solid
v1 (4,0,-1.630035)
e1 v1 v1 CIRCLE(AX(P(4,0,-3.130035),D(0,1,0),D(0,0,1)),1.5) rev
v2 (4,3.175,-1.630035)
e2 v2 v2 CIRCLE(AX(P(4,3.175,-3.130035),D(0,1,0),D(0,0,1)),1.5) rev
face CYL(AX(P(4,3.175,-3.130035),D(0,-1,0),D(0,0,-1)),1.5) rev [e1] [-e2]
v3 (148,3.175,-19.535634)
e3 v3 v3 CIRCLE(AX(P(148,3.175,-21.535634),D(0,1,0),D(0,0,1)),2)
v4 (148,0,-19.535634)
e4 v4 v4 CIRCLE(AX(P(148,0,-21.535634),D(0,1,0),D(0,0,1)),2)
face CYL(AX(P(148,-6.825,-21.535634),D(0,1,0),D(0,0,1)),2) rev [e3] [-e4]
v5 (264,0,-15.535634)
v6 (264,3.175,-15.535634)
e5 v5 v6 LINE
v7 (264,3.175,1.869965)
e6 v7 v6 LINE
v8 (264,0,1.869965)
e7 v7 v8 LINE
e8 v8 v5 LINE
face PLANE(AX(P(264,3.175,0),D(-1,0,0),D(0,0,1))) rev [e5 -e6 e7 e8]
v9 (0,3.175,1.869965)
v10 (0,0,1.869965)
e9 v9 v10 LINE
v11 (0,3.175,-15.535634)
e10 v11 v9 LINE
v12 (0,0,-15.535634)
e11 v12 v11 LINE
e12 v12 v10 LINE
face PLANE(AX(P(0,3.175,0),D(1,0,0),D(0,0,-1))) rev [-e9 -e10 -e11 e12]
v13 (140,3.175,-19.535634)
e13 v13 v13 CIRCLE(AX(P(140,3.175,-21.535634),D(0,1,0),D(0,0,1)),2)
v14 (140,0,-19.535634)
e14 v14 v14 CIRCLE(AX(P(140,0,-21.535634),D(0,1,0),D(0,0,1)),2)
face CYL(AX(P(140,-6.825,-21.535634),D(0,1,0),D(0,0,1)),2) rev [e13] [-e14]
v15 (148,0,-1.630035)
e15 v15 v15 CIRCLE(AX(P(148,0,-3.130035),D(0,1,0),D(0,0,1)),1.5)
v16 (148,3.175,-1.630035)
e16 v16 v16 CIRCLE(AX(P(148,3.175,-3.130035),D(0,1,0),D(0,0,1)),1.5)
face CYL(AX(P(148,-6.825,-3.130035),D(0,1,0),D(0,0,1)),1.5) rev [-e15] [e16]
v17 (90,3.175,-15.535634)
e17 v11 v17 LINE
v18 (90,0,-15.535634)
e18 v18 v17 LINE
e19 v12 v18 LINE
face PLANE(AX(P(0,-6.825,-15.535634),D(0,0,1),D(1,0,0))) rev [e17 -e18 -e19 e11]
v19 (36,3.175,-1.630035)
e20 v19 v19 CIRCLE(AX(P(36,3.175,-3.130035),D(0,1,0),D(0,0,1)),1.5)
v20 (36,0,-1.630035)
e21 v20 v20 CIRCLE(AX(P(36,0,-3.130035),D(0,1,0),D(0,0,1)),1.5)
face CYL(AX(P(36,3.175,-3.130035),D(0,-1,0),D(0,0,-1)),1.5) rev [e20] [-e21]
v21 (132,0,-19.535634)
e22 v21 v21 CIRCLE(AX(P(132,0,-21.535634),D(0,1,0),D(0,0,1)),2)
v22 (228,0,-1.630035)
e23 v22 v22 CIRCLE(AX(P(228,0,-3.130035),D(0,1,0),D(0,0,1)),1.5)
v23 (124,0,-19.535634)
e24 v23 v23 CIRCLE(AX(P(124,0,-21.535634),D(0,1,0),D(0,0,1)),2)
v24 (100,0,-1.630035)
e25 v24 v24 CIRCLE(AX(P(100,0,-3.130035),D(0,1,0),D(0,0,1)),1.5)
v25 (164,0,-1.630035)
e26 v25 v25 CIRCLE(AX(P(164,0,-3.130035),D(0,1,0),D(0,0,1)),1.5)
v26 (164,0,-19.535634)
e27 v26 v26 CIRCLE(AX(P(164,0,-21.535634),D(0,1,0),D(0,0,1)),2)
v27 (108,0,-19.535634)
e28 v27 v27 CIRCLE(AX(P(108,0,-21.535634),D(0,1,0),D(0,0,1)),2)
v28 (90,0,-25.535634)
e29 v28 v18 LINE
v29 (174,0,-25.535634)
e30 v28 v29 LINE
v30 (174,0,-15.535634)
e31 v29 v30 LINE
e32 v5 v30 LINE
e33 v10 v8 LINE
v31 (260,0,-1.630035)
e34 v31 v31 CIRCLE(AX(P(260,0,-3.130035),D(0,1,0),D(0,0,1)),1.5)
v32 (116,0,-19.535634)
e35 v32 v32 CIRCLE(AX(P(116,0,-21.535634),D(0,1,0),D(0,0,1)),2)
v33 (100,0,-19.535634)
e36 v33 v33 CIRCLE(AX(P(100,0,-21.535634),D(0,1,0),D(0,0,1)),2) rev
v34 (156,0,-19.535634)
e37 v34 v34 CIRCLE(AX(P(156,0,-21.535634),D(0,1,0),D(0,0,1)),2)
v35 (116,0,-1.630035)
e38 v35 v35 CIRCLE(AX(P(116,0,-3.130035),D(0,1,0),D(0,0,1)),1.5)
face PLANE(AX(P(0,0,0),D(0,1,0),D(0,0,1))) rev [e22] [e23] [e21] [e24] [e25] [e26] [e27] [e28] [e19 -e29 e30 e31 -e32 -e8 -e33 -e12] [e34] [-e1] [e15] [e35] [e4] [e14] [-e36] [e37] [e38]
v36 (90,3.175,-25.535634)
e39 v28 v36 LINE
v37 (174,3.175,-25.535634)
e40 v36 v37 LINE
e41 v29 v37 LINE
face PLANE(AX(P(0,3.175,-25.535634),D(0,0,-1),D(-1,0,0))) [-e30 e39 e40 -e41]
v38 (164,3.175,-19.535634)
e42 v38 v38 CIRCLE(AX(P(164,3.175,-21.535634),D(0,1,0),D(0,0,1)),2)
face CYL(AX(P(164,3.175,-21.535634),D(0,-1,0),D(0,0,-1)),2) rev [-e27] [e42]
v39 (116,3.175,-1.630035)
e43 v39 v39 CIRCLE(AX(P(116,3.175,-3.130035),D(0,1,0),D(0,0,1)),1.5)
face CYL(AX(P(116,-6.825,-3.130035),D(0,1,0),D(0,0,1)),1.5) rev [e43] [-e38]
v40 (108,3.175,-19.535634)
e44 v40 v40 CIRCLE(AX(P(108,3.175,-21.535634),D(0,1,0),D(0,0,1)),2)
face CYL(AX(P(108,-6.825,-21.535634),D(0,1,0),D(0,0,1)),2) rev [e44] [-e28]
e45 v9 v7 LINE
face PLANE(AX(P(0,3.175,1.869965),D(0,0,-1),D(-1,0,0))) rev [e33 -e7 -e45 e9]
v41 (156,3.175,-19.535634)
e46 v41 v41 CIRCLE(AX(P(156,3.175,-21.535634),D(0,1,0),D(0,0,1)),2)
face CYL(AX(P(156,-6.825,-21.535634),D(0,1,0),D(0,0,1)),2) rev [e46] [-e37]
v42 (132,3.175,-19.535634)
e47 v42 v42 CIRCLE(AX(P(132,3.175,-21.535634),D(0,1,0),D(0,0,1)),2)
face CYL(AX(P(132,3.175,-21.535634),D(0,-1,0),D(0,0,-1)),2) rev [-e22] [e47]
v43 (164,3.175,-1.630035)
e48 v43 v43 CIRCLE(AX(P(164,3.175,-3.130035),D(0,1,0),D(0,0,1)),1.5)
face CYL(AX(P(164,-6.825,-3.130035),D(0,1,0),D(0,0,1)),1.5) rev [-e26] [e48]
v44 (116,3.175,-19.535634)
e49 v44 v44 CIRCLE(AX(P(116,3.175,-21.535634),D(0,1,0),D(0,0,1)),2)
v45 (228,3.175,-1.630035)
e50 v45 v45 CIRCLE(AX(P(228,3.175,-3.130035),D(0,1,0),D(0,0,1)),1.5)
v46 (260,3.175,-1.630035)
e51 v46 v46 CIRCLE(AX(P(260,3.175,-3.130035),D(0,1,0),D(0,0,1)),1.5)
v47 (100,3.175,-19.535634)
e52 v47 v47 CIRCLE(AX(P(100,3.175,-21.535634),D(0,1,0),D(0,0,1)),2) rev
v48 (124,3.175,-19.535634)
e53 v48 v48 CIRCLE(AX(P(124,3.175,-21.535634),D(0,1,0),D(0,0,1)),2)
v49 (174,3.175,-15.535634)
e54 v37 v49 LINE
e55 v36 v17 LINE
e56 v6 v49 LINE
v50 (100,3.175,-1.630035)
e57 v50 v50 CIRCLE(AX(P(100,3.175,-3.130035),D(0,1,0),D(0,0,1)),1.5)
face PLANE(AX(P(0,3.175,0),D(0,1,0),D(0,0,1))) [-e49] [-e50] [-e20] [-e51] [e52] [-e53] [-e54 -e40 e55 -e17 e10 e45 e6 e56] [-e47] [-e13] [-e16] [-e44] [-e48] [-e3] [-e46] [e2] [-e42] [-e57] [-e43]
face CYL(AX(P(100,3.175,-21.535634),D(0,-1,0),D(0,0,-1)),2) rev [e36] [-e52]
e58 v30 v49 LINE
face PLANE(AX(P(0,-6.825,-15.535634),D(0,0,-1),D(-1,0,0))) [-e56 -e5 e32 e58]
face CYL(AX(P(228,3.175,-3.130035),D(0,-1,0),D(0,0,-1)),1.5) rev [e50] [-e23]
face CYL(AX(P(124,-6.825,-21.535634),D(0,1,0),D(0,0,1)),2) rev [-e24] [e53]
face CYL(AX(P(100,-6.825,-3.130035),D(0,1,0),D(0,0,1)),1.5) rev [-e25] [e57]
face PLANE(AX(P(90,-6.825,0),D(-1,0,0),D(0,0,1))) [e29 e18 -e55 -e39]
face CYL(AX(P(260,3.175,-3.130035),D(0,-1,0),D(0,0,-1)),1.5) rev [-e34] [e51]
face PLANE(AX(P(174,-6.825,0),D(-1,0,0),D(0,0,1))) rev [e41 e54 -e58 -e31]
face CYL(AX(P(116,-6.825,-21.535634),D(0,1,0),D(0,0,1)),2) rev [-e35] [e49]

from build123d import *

# Parameters (mm, degrees)
SKETCH1_R           = 2
SKETCH1_R_2         = 1.5
BOSS_EXTRUDE1_DEPTH = 3.175
SKETCH2_R           = 1.5
CUT_EXTRUDE1_DEPTH  = 10
SKETCH3_W           = 90
SKETCH3_H           = 10
CUT_EXTRUDE2_DEPTH  = 10
CUT_EXTRUDE3_START  = -10
SKETCH4_R           = 2
CUT_EXTRUDE3_DEPTH  = 10


with BuildPart() as part:
    # Sketch1 → Boss-Extrude1 (new body)
    with BuildSketch(Plane(origin=(0, 0, 0), x_dir=(1, 0, 0), z_dir=(0, 1, 0))):
        Polygon((0, 25.535634143), (0, -1.869964777), (264, -1.869964777), (264, 3.130035223), (264, 25.535634143), align=None)
        with Locations((132, 21.535634143)):
            Circle(SKETCH1_R, mode=Mode.SUBTRACT)
        with Locations((100, 21.535634143)):
            Circle(SKETCH1_R, mode=Mode.SUBTRACT)
        with Locations((68, 21.535634143)):
            Circle(SKETCH1_R, mode=Mode.SUBTRACT)
        with Locations((196, 21.535634143)):
            Circle(SKETCH1_R, mode=Mode.SUBTRACT)
        with Locations((164, 21.535634143)):
            Circle(SKETCH1_R, mode=Mode.SUBTRACT)
        with Locations((260, 3.130035223)):
            Circle(SKETCH1_R_2, mode=Mode.SUBTRACT)
        with Locations((36, 3.130035223)):
            Circle(SKETCH1_R_2, mode=Mode.SUBTRACT)
        with Locations((228, 3.130035223)):
            Circle(SKETCH1_R_2, mode=Mode.SUBTRACT)
        with Locations((4, 3.130035223)):
            Circle(SKETCH1_R_2, mode=Mode.SUBTRACT)
    extrude(amount=BOSS_EXTRUDE1_DEPTH)

    # Sketch2 → Cut-Extrude1 (cut)
    with BuildSketch(Plane(origin=(0, 3.175, 0), x_dir=(1, 0, 0), z_dir=(0, 1, 0))):
        with Locations((116, 3.130035223)):
            Circle(SKETCH2_R)
        with Locations((148, 3.130035223)):
            Circle(SKETCH2_R)
        with Locations((100, 3.130035223)):
            Circle(SKETCH2_R)
        with Locations((164, 3.130035223)):
            Circle(SKETCH2_R)
    extrude(amount=-CUT_EXTRUDE1_DEPTH, mode=Mode.SUBTRACT)

    # Sketch3 → Cut-Extrude2 (cut)
    with BuildSketch(Plane(origin=(0, 3.175, 0), x_dir=(1, 0, 0), z_dir=(0, 1, 0))):
        with Locations((45, 20.535634143)):
            Rectangle(SKETCH3_W, SKETCH3_H)
        with Locations((219, 20.535634143)):
            Rectangle(SKETCH3_W, SKETCH3_H)
    extrude(amount=-CUT_EXTRUDE2_DEPTH, mode=Mode.SUBTRACT)

    # Sketch4 → Cut-Extrude3 (cut)
    with BuildSketch(Plane(origin=(0, 3.175, 0), x_dir=(1, 0, 0), z_dir=(0, 1, 0)).offset(CUT_EXTRUDE3_START)):
        with Locations((100, 21.535634143)):
            Circle(SKETCH4_R)
        with Locations((108, 21.535634143)):
            Circle(SKETCH4_R)
        with Locations((116, 21.535634143)):
            Circle(SKETCH4_R)
        with Locations((124, 21.535634143)):
            Circle(SKETCH4_R)
        with Locations((132, 21.535634143)):
            Circle(SKETCH4_R)
        with Locations((140, 21.535634143)):
            Circle(SKETCH4_R)
        with Locations((148, 21.535634143)):
            Circle(SKETCH4_R)
        with Locations((156, 21.535634143)):
            Circle(SKETCH4_R)
        with Locations((164, 21.535634143)):
            Circle(SKETCH4_R)
    extrude(amount=CUT_EXTRUDE3_DEPTH, mode=Mode.SUBTRACT)


solid = part.part
